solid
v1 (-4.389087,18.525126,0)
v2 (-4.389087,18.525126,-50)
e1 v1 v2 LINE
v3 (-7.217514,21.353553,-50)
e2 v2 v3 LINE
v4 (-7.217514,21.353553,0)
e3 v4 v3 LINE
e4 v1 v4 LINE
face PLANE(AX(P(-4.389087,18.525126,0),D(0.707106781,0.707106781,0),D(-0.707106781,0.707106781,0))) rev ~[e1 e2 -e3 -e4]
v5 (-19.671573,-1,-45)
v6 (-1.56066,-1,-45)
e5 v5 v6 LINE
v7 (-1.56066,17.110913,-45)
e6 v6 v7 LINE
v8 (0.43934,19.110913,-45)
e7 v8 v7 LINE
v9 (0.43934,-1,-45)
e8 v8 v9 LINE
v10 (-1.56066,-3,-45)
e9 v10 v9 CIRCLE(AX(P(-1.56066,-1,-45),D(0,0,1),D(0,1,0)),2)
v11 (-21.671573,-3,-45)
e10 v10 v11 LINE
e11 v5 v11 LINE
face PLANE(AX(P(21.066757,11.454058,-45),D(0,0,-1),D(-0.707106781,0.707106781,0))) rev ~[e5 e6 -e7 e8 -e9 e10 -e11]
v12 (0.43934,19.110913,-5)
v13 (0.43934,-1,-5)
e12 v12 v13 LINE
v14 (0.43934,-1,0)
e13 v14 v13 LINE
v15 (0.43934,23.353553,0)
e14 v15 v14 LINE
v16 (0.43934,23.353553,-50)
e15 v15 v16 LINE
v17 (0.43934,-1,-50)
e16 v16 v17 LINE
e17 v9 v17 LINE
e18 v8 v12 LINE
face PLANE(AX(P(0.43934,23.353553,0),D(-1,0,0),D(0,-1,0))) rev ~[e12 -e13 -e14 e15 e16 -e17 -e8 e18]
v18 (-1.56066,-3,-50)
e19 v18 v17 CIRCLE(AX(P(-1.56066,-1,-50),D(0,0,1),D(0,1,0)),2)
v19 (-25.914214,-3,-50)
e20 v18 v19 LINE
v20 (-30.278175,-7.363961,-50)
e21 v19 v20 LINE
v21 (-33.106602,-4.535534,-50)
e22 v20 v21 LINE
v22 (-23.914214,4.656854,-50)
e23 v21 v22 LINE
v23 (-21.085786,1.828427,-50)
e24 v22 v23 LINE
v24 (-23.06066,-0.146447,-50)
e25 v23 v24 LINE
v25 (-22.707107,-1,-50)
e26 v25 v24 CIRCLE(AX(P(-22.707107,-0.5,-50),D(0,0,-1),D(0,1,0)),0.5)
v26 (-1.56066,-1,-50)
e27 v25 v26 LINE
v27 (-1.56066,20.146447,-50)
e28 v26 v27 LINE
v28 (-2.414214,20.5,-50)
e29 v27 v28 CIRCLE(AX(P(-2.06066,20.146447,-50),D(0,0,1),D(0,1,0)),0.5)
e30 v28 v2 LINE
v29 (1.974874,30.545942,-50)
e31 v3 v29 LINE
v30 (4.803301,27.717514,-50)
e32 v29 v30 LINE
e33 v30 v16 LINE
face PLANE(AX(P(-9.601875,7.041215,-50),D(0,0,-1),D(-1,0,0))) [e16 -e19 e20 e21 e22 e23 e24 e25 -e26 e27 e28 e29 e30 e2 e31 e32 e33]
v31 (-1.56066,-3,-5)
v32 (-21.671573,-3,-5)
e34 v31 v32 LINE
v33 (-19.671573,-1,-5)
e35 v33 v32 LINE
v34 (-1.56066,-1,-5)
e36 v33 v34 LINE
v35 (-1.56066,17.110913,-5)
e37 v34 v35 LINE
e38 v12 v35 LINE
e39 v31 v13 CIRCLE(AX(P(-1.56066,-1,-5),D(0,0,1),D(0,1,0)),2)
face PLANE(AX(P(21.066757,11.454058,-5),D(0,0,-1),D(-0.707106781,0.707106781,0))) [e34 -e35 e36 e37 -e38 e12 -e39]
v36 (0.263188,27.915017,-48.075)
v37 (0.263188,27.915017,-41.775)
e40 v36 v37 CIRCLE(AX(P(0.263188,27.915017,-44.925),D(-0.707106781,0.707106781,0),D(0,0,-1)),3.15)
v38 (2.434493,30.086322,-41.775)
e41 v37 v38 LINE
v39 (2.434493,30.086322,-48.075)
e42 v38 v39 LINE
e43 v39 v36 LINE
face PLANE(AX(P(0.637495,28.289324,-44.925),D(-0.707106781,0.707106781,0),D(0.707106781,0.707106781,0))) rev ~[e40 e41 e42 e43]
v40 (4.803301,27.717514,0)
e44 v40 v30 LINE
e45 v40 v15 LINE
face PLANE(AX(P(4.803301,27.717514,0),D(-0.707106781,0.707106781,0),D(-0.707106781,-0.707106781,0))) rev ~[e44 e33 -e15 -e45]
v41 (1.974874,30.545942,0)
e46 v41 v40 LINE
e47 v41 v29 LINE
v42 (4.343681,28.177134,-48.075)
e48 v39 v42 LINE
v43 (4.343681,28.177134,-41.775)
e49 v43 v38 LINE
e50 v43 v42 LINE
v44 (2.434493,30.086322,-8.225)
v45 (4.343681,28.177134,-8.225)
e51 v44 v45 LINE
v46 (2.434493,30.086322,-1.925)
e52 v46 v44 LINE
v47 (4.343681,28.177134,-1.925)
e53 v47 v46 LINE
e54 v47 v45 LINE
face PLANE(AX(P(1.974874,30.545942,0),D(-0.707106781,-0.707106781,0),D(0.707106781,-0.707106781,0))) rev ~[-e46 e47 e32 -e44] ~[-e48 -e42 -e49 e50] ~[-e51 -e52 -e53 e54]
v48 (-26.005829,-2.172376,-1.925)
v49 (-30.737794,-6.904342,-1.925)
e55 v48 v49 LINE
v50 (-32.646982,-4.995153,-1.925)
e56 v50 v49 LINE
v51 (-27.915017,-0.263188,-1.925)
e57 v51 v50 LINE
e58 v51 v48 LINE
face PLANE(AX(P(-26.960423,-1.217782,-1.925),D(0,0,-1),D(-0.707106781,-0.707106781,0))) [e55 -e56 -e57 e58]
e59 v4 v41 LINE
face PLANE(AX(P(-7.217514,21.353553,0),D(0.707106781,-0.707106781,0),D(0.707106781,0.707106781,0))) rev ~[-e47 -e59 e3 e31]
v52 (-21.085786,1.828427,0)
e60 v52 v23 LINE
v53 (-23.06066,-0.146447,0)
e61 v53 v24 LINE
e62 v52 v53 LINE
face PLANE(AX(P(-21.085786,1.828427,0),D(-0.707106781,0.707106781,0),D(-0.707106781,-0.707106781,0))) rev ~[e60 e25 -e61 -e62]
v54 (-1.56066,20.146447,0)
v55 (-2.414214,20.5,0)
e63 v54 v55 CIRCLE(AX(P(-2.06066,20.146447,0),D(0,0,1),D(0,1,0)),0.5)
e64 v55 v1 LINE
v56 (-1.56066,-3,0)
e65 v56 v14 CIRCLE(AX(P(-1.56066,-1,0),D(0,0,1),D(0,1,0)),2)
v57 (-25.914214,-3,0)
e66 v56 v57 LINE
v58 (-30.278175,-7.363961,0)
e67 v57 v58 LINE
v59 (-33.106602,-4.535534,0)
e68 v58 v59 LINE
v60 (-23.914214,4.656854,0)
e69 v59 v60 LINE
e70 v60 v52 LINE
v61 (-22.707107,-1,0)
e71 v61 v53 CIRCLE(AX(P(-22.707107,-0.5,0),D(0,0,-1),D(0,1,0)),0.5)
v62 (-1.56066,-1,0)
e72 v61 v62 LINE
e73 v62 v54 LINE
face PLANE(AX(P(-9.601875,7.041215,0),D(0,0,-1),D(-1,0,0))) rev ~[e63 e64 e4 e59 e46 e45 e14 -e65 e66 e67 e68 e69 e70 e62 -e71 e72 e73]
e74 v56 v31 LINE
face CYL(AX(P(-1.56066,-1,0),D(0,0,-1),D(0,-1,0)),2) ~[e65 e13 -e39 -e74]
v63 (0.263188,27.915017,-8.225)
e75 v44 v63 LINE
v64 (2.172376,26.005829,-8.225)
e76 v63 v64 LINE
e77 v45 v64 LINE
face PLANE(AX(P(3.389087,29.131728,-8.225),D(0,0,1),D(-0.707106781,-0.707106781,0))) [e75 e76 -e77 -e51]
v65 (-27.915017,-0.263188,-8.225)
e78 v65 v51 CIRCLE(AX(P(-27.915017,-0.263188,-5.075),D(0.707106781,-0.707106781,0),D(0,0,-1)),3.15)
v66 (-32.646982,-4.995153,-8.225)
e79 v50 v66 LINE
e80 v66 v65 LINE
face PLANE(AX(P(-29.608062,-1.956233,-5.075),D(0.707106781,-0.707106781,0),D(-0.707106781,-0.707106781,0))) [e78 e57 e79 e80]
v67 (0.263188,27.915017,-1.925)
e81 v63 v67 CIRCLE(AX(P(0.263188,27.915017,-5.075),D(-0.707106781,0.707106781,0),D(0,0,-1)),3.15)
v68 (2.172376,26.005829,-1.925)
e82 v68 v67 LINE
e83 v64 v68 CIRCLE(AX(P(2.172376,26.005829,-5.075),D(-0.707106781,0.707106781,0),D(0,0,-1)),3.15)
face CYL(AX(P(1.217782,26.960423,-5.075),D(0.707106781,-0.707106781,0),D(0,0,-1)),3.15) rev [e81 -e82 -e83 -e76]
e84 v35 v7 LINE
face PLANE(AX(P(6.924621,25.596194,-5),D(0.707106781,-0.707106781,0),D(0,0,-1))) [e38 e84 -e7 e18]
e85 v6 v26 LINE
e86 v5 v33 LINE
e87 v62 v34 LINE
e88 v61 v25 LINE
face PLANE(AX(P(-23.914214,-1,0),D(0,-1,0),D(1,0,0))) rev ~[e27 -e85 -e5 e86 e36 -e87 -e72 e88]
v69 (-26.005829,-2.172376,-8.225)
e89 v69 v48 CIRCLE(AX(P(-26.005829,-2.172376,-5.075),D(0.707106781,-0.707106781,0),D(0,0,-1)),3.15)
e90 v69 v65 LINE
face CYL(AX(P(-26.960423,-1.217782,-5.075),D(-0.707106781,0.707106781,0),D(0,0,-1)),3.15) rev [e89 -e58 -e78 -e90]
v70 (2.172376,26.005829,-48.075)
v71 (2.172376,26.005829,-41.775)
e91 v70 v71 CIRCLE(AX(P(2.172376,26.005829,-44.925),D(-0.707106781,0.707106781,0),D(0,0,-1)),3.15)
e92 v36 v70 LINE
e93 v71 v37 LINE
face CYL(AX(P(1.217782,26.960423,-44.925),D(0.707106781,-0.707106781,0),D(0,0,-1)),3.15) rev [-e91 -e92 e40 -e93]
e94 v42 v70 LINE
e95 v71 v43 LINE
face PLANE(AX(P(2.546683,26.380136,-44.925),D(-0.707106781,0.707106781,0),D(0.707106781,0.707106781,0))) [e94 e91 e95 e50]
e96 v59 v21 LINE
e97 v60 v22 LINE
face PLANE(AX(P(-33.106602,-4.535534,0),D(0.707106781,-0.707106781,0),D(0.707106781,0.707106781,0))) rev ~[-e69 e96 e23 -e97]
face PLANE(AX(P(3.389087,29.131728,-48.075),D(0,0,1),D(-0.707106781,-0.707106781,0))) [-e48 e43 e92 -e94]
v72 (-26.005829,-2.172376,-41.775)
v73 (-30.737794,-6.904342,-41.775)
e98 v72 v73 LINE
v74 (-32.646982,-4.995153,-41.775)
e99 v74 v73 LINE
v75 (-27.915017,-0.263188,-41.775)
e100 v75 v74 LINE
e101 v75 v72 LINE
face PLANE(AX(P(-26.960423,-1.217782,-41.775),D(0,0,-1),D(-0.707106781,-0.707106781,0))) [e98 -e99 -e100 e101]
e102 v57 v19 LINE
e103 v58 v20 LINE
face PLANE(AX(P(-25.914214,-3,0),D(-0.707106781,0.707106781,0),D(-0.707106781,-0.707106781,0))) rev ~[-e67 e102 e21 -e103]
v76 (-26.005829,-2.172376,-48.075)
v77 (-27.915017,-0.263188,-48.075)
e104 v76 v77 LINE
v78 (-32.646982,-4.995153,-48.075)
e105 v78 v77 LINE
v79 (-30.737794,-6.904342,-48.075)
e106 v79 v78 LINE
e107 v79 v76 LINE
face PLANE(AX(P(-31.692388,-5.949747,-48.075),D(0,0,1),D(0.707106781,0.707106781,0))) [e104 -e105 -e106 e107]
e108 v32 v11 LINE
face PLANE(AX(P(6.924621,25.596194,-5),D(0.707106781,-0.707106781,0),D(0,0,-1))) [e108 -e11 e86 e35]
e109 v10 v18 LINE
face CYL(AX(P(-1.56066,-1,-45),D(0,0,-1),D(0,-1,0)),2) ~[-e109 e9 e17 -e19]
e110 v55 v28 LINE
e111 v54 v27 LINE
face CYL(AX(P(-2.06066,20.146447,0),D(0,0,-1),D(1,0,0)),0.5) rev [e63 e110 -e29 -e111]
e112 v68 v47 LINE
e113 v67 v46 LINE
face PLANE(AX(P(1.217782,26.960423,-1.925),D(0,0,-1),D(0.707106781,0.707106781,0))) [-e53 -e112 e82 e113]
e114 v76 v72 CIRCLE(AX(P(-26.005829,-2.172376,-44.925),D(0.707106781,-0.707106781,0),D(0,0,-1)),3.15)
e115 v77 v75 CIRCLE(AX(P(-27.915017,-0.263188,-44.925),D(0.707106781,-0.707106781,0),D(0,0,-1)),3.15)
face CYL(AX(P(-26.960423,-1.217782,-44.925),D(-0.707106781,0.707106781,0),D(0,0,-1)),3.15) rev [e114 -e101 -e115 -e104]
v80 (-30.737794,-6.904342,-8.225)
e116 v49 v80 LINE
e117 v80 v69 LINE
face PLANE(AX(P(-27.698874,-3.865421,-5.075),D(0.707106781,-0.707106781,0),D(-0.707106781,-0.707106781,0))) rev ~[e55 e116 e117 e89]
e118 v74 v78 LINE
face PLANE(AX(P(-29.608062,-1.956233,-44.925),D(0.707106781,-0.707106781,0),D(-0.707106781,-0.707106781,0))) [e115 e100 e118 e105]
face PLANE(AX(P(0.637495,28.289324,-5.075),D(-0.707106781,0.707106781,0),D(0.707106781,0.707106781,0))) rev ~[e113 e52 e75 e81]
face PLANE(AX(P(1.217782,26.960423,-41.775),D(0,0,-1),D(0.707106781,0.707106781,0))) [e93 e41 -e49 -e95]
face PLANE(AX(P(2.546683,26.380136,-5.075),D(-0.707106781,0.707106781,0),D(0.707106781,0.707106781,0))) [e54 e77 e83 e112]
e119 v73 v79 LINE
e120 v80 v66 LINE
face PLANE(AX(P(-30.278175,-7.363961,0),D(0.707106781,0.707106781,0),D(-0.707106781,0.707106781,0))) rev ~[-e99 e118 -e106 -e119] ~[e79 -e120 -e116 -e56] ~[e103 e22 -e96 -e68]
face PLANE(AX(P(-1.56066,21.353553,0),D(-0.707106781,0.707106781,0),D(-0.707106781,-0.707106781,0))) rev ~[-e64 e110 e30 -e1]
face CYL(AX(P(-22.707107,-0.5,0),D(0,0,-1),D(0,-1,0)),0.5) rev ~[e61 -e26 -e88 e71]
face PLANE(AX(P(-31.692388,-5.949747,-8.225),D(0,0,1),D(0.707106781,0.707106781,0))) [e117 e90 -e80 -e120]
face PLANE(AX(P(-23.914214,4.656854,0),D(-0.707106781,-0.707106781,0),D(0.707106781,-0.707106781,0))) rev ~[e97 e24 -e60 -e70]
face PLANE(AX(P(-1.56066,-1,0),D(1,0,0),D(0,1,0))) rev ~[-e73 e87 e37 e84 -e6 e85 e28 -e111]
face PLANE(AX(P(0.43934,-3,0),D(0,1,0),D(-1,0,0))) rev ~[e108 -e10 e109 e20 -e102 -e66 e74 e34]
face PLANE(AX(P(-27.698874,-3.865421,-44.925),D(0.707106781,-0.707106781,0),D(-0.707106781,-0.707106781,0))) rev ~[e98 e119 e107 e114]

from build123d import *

# Parameters (mm, degrees)
BOSS_EXTRUDE1_DEPTH     = 50
CUT_EXTRUDE1_DEPTH      = 1.35
CUT_EXTRUDE1_DEPTH_BACK = 1.35
SKETCH3_W               = 40
SKETCH3_H               = 20
CUT_EXTRUDE2_DEPTH      = 52.612698372
FILLET1_R               = 0.5
FILLET2_R               = 2


with BuildPart() as part:
    # Sketch1 → Boss-Extrude1 (new body)
    with BuildSketch(Plane.XY):
        Polygon((-23.914213562, -1), (-1.560660172, -1), (-1.560660172, 21.353553391), (-4.389087297, 18.525126266), (-7.217514421, 21.353553391), (1.974873734, 30.545941546), (4.803300859, 27.717514421), (0.439339828, 23.353553391), (0.439339828, -3), (-25.914213562, -3), (-30.278174593, -7.363961031), (-33.106601718, -4.535533906), (-23.914213562, 4.656854249), (-21.085786438, 1.828427125), align=None)
    extrude(amount=-BOSS_EXTRUDE1_DEPTH)

    # Sketch2 → Cut-Extrude1 (cut, two sides)
    with BuildSketch(Plane(origin=(-12.871320344, 12.871320344, 0), x_dir=(0.707106781, 0.707106781, 0), z_dir=(-0.707106781, 0.707106781, 0))) as cut_extrude1_sk:
        with BuildLine():
            Line((19.925, 1.925), (22.995689014, 1.925))
            Line((22.995689014, 1.925), (22.995689014, 8.225))
            Line((22.995689014, 8.225), (19.925, 8.225))
            ThreePointArc((19.925, 8.225), (16.775, 5.075), (19.925, 1.925))
        make_face()
        with BuildLine():
            Line((19.925, 41.775), (22.995689014, 41.775))
            Line((22.995689014, 41.775), (22.995689014, 48.075))
            Line((22.995689014, 48.075), (19.925, 48.075))
            ThreePointArc((19.925, 48.075), (16.775, 44.925), (19.925, 41.775))
        make_face()
        with BuildLine():
            Line((-19.925, 1.925), (-26.617009358, 1.925))
            Line((-26.617009358, 1.925), (-26.617009358, 8.225))
            Line((-26.617009358, 8.225), (-19.925, 8.225))
            ThreePointArc((-19.925, 8.225), (-16.775, 5.075), (-19.925, 1.925))
        make_face()
        with BuildLine():
            Line((-19.925, 41.775), (-26.617009358, 41.775))
            Line((-26.617009358, 41.775), (-26.617009358, 48.075))
            Line((-26.617009358, 48.075), (-19.925, 48.075))
            ThreePointArc((-19.925, 48.075), (-16.775, 44.925), (-19.925, 41.775))
        make_face()
    extrude(amount=CUT_EXTRUDE1_DEPTH, mode=Mode.SUBTRACT)
    extrude(cut_extrude1_sk.sketch, amount=-CUT_EXTRUDE1_DEPTH_BACK, mode=Mode.SUBTRACT)

    # Sketch3 → Cut-Extrude2 (cut, through all)
    with BuildSketch(Plane(origin=(16.26040764, 16.26040764, 0), x_dir=(0, 0, -1), z_dir=(0.707106781, 0.707106781, 0))):
        with Locations((25, 3.202795796)):
            Rectangle(SKETCH3_W, SKETCH3_H)
    extrude(amount=-CUT_EXTRUDE2_DEPTH, mode=Mode.SUBTRACT)

    # Fillet1
    fillet1_edges = [part.edges().sort_by_distance(p)[0] for p in [
        (-1.560660172, 21.353553391, -25),
        (-23.914213562, -1, -25),
    ]]
    fillet(fillet1_edges, radius=FILLET1_R)

    # Fillet2
    fillet2_edges = [part.edges().sort_by_distance(p)[0] for p in [
        (0.439339828, -3, -47.5),
        (0.439339828, -3, -2.5),
    ]]
    fillet(fillet2_edges, radius=FILLET2_R)


solid = part.part
